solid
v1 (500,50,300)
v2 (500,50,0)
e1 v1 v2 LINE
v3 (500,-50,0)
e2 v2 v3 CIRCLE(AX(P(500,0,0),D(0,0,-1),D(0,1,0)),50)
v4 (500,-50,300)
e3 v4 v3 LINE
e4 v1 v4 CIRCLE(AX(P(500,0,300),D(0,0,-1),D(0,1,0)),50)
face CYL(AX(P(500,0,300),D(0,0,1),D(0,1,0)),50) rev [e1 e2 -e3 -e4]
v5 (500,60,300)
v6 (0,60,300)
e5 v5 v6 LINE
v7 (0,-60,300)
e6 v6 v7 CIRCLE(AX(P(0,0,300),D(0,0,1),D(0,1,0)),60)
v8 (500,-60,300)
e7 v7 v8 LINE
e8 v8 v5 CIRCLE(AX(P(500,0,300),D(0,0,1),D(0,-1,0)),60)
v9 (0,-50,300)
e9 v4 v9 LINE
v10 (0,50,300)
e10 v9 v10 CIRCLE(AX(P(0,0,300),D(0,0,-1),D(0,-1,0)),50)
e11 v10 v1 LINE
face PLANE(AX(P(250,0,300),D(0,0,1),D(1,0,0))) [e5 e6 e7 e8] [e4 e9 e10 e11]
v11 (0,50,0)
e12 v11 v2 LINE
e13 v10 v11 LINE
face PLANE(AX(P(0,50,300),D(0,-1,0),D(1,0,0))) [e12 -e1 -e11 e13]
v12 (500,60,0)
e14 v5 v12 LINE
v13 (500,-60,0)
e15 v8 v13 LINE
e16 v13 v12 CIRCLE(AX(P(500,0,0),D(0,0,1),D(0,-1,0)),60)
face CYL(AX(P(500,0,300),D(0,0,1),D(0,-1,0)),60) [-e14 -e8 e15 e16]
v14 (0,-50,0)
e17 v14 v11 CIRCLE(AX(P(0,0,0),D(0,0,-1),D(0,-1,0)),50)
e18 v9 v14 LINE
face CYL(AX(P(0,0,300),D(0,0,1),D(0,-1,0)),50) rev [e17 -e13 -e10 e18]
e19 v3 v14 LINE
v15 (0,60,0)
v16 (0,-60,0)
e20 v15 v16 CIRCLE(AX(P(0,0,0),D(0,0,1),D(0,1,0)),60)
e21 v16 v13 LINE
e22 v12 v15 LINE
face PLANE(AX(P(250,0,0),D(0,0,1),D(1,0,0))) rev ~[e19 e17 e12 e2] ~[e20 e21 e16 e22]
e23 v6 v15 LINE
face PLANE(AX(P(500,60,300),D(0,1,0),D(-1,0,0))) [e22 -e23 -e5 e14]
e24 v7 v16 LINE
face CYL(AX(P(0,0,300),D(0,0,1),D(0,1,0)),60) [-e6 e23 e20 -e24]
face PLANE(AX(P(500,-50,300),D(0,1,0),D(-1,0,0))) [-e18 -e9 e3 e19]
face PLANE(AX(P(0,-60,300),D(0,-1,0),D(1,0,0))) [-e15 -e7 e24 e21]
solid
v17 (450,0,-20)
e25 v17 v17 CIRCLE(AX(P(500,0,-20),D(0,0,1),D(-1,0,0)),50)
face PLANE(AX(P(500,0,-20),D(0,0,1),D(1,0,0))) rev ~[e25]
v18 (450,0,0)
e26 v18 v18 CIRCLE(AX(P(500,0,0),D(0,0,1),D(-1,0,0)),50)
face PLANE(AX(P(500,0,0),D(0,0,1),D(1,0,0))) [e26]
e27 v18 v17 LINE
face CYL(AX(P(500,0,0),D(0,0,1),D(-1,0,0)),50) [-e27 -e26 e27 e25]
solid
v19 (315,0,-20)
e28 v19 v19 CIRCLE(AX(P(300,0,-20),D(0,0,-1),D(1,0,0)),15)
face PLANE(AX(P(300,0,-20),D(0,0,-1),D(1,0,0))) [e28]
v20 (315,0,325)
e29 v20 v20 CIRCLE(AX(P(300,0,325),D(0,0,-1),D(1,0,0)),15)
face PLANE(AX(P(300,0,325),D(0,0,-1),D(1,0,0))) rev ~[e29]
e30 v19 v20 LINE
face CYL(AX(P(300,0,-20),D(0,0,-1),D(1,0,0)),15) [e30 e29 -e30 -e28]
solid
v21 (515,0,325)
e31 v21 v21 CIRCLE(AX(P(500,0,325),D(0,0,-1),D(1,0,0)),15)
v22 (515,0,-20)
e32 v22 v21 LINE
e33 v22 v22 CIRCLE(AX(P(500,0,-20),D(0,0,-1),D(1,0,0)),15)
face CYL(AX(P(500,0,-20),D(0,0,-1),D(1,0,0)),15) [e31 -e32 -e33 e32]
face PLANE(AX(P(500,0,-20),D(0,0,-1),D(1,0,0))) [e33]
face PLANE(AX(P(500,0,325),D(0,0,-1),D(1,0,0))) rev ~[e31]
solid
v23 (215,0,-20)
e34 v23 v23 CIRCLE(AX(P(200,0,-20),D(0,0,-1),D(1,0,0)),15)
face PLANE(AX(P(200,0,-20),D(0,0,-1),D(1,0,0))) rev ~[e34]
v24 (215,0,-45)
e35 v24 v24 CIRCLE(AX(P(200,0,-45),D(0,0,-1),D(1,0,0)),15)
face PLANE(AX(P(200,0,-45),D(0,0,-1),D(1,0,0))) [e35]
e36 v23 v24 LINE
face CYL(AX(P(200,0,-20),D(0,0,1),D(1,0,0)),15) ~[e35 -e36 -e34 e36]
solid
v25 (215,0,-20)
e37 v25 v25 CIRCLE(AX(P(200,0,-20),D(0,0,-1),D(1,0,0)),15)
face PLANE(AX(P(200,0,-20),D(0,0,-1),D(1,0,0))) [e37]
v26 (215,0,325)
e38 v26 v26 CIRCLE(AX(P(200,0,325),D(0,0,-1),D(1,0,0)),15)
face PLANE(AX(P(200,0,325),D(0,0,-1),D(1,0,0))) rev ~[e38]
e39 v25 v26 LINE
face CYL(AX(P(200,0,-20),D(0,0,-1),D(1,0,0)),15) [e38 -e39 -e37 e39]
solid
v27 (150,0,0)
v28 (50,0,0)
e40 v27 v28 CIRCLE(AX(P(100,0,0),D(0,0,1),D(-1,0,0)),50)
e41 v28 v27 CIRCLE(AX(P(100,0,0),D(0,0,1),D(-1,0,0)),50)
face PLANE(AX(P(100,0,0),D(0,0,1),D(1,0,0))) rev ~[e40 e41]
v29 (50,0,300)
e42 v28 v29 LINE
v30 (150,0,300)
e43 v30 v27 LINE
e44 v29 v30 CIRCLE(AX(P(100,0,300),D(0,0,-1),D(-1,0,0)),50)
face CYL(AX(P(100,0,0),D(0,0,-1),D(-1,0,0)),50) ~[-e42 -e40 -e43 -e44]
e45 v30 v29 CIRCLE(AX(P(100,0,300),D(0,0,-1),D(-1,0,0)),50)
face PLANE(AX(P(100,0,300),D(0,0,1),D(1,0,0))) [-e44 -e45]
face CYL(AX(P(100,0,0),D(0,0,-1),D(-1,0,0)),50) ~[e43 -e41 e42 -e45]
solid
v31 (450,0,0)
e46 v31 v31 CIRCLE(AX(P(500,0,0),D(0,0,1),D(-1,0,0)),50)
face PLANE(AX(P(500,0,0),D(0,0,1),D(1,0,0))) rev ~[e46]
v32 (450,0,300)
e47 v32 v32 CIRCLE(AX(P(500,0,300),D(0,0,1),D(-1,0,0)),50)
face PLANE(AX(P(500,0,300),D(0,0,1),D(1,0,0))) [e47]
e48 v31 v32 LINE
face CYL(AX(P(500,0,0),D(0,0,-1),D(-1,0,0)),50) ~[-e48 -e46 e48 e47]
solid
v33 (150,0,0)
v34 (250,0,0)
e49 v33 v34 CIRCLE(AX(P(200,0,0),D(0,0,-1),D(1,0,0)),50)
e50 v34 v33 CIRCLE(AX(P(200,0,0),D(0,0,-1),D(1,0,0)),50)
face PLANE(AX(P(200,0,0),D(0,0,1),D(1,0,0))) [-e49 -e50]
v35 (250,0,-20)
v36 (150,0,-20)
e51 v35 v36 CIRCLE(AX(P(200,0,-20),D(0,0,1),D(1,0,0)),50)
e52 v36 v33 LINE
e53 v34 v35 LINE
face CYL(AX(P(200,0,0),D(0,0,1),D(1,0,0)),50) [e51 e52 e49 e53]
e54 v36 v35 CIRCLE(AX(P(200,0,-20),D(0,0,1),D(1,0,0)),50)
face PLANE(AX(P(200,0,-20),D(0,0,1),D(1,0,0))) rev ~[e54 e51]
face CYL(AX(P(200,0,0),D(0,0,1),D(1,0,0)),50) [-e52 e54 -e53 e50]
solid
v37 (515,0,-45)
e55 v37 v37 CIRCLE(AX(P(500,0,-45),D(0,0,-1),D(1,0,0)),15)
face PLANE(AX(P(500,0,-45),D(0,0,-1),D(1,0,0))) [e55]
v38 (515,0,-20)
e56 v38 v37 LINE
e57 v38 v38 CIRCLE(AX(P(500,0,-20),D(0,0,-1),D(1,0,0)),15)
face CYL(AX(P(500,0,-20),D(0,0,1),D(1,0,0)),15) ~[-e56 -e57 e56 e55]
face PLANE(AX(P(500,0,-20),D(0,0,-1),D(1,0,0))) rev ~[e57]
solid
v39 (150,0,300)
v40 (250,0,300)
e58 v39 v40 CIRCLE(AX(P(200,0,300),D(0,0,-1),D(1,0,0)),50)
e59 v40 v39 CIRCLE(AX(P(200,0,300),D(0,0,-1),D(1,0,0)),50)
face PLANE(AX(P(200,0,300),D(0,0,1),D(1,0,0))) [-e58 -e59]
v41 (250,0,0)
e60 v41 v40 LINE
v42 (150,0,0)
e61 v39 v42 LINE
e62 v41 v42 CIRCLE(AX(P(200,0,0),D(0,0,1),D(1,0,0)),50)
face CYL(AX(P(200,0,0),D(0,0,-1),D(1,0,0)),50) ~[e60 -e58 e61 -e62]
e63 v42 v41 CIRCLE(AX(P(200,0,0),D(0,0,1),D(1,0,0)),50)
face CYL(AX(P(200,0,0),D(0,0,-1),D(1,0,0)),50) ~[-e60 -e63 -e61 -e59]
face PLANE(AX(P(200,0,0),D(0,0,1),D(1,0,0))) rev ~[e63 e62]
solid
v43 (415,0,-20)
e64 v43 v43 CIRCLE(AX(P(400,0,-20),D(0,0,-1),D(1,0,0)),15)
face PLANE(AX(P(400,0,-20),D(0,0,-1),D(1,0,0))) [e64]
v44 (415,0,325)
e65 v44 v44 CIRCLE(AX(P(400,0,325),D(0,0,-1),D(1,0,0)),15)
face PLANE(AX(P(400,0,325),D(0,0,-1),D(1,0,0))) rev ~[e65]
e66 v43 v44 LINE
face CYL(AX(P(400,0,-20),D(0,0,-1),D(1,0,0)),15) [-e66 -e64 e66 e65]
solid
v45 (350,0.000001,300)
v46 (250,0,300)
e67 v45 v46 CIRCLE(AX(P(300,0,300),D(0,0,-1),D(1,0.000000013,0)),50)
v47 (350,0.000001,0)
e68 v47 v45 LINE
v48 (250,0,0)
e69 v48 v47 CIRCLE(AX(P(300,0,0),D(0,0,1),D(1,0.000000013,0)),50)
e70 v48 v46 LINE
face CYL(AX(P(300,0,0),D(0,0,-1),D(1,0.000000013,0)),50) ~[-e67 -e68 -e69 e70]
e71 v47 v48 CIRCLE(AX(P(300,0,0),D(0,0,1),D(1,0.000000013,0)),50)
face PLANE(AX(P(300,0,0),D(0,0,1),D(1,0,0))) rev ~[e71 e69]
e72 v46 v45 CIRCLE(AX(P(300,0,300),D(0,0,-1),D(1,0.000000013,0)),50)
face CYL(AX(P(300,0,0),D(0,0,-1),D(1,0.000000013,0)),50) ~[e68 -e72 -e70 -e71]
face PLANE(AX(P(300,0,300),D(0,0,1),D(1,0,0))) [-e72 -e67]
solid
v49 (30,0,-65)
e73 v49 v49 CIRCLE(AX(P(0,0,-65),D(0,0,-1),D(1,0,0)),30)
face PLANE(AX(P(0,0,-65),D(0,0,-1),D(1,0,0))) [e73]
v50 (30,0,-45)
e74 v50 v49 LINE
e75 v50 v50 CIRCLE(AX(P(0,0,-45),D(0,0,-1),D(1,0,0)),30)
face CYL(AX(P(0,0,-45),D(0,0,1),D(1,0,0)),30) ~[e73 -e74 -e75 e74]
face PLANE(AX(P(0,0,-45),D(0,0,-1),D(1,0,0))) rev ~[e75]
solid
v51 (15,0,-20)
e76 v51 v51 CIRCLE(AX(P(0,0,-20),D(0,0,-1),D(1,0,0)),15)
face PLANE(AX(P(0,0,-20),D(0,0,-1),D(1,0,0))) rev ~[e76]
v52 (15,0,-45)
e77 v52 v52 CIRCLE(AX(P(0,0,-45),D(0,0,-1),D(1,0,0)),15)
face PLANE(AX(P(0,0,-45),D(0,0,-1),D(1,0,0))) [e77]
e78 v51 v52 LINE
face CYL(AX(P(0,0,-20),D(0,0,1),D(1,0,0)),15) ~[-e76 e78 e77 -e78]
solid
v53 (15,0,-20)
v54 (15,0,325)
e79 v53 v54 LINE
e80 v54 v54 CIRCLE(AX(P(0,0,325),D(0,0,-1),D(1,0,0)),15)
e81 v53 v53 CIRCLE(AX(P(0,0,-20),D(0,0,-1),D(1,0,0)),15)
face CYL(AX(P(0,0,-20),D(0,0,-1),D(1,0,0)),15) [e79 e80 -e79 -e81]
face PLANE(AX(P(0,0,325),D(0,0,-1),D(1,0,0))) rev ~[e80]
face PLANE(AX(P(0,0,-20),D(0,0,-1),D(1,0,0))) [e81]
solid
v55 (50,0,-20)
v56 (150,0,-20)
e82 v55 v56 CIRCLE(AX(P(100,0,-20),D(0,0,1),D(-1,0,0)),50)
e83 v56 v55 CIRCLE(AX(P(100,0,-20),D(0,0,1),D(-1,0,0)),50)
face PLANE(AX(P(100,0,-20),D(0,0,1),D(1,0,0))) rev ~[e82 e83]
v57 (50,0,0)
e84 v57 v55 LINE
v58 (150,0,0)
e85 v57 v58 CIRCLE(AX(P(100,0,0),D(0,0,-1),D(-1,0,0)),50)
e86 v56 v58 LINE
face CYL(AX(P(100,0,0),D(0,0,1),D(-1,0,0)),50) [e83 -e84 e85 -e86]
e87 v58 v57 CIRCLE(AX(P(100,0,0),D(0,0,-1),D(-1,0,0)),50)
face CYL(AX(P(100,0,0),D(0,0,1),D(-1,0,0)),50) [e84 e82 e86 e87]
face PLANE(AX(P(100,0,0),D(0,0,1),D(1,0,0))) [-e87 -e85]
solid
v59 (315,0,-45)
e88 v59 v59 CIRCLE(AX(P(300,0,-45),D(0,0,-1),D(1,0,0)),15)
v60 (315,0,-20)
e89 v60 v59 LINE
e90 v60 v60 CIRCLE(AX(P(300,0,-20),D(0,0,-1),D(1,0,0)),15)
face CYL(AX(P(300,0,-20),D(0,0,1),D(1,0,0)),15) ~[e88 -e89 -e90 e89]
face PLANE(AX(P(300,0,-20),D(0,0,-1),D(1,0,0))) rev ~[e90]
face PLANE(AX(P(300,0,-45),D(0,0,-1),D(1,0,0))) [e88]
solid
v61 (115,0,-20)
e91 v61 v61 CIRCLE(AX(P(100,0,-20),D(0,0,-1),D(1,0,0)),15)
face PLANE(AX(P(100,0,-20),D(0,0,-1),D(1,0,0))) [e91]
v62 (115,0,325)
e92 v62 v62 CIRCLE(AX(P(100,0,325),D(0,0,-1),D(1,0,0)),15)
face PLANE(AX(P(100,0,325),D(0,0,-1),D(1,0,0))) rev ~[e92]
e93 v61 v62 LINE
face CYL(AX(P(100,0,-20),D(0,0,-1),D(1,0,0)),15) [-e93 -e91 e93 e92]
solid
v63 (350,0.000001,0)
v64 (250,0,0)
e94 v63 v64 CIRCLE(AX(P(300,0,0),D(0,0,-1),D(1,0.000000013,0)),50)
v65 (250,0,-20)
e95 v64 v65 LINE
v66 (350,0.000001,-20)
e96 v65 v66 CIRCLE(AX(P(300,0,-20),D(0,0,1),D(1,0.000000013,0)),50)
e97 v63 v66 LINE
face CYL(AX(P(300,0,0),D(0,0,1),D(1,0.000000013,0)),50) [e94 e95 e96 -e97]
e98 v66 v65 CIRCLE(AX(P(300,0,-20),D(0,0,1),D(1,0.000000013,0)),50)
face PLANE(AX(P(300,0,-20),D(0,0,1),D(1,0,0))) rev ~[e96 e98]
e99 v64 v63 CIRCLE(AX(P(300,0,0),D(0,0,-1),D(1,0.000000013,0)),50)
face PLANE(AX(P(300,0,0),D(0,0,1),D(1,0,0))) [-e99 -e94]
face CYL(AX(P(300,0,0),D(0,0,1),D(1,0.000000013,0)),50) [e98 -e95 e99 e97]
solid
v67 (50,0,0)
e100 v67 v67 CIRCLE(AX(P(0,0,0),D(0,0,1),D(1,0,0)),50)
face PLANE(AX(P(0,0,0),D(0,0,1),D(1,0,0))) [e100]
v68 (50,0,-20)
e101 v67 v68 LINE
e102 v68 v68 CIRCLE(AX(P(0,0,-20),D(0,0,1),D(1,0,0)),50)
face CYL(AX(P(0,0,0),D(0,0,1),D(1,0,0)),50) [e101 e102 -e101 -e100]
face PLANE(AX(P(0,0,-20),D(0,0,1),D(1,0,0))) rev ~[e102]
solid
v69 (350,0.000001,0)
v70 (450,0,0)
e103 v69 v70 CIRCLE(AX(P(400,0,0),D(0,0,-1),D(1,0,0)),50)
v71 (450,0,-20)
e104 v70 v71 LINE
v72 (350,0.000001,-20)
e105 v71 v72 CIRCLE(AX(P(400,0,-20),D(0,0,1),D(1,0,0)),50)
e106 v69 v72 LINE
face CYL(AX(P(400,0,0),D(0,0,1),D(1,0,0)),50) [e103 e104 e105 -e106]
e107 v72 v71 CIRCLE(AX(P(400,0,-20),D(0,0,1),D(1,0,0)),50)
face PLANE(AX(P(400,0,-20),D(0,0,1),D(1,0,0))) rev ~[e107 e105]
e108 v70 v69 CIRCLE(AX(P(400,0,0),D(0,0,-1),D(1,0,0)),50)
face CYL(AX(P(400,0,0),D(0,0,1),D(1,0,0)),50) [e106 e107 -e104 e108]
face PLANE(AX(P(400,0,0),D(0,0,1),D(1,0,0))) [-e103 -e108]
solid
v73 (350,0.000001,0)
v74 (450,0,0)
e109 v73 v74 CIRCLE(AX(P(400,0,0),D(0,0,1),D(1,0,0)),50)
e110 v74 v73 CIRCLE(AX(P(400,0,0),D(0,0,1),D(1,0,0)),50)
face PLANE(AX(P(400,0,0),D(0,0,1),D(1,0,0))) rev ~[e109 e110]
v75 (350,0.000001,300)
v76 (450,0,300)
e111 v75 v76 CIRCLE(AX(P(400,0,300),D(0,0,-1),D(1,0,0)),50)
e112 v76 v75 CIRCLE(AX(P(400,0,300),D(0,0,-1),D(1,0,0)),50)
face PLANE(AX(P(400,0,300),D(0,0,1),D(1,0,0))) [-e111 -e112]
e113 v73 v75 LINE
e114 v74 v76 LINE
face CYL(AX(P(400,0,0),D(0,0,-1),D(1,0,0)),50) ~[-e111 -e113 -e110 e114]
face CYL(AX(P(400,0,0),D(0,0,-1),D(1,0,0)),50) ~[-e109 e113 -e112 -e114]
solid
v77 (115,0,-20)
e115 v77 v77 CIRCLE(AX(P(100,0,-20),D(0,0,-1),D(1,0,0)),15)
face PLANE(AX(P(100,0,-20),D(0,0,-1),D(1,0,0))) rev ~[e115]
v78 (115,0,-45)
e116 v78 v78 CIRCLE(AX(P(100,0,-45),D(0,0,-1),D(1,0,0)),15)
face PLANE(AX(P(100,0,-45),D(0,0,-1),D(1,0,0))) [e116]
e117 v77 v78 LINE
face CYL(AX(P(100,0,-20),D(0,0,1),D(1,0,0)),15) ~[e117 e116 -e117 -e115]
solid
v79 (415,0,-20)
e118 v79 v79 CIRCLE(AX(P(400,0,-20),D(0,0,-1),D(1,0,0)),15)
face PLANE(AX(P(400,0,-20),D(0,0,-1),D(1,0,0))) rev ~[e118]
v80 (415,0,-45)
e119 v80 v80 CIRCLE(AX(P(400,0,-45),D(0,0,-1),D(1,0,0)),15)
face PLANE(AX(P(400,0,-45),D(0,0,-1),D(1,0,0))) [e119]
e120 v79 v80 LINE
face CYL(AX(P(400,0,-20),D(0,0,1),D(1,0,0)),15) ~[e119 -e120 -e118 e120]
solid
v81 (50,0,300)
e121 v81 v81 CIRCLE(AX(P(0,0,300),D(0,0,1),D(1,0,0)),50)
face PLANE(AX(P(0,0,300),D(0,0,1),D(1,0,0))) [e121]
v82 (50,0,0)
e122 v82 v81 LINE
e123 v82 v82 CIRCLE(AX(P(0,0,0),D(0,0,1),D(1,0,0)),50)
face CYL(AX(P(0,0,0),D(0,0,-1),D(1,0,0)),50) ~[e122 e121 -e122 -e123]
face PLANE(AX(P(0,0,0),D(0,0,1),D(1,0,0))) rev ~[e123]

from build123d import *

# Parameters (mm, degrees)
F0_R     = 50
F1_DEPTH = 300
F2_DEPTH = 20
F3_R     = 15
F4_DEPTH = 25
F5_DEPTH = 345
F6_R     = 30
F7_DEPTH = 20
F9_DEPTH = 300


with BuildPart() as f1:
    # F0 (on Top) → F1 (new body)
    with BuildSketch(Plane.XY):
        Circle(F0_R)
        with BuildLine():
            ThreePointArc((550, 0), (500, 50), (450, 0))
            ThreePointArc((450, 0), (500, -50), (550, 0))
        make_face()
        with BuildLine():
            ThreePointArc((450, 0), (400, 50), (350, 0))
            ThreePointArc((350, 0), (400, -50), (450, 0))
        make_face()
        with BuildLine():
            ThreePointArc((350, 0), (300, 50), (250, 0))
            ThreePointArc((250, 0), (300, -50), (350, 0))
        make_face()
        with BuildLine():
            ThreePointArc((250, 0), (200, 50), (150, 0))
            ThreePointArc((150, 0), (200, -50), (250, 0))
        make_face()
        with BuildLine():
            ThreePointArc((150, 0), (100, 50), (50, 0))
            ThreePointArc((50, 0), (100, -50), (150, 0))
        make_face()
    extrude(amount=F1_DEPTH)


with BuildPart() as f2:
    # F0 (on Top) → F2 (new body)
    with BuildSketch(Plane.XY):
        Circle(F0_R)
        with BuildLine():
            ThreePointArc((550, 0), (500, 50), (450, 0))
            ThreePointArc((450, 0), (500, -50), (550, 0))
        make_face()
        with BuildLine():
            ThreePointArc((450, 0), (400, 50), (350, 0))
            ThreePointArc((350, 0), (400, -50), (450, 0))
        make_face()
        with BuildLine():
            ThreePointArc((350, 0), (300, 50), (250, 0))
            ThreePointArc((250, 0), (300, -50), (350, 0))
        make_face()
        with BuildLine():
            ThreePointArc((250, 0), (200, 50), (150, 0))
            ThreePointArc((150, 0), (200, -50), (250, 0))
        make_face()
        with BuildLine():
            ThreePointArc((150, 0), (100, 50), (50, 0))
            ThreePointArc((50, 0), (100, -50), (150, 0))
        make_face()
    extrude(amount=-F2_DEPTH)


with BuildPart() as f4:
    # F3 (on face) → F4 (new body)
    with BuildSketch(Plane(origin=(0, 0, -20), x_dir=(1, 0, 0), z_dir=(0, 0, -1))):
        Circle(F3_R)
        with Locations((100, 0)):
            Circle(F3_R)
        with Locations((200, 0)):
            Circle(F3_R)
        with Locations((300, 0)):
            Circle(F3_R)
        with Locations((400, 0)):
            Circle(F3_R)
        with Locations((500, 0)):
            Circle(F3_R)
    extrude(amount=F4_DEPTH)


with BuildPart() as f5:
    # F3 (on face) → F5 (new body)
    with BuildSketch(Plane(origin=(0, 0, -20), x_dir=(1, 0, 0), z_dir=(0, 0, -1))):
        Circle(F3_R)
        with Locations((100, 0)):
            Circle(F3_R)
        with Locations((200, 0)):
            Circle(F3_R)
        with Locations((300, 0)):
            Circle(F3_R)
        with Locations((400, 0)):
            Circle(F3_R)
        with Locations((500, 0)):
            Circle(F3_R)
    extrude(amount=-F5_DEPTH)


with BuildPart() as f7:
    # F6 (on face) → F7 (new body)
    with BuildSketch(Plane(origin=(0, 0, -45), x_dir=(1, 0, 0), z_dir=(0, 0, -1))):
        Circle(F6_R)
    extrude(amount=F7_DEPTH)


with BuildPart() as f9:
    # F8 (on face) → F9 (new body)
    with BuildSketch(Plane.XY.offset(300)):
        with BuildLine():
            Line((500, 60), (0, 60))
            ThreePointArc((0, 60), (-60, 0), (0, -60))
            Line((0, -60), (500, -60))
            ThreePointArc((500, -60), (560, 0), (500, 60))
        make_face()
        with BuildLine():
            ThreePointArc((0, -50), (-50, 0), (0, 50))
            Line((0, 50), (500, 50))
            ThreePointArc((500, 50), (550, 0), (500, -50))
            Line((500, -50), (0, -50))
        make_face(mode=Mode.SUBTRACT)
    extrude(amount=-F9_DEPTH)


solid = Compound([f1.part, f2.part, f4.part, f5.part, f7.part, f9.part])
